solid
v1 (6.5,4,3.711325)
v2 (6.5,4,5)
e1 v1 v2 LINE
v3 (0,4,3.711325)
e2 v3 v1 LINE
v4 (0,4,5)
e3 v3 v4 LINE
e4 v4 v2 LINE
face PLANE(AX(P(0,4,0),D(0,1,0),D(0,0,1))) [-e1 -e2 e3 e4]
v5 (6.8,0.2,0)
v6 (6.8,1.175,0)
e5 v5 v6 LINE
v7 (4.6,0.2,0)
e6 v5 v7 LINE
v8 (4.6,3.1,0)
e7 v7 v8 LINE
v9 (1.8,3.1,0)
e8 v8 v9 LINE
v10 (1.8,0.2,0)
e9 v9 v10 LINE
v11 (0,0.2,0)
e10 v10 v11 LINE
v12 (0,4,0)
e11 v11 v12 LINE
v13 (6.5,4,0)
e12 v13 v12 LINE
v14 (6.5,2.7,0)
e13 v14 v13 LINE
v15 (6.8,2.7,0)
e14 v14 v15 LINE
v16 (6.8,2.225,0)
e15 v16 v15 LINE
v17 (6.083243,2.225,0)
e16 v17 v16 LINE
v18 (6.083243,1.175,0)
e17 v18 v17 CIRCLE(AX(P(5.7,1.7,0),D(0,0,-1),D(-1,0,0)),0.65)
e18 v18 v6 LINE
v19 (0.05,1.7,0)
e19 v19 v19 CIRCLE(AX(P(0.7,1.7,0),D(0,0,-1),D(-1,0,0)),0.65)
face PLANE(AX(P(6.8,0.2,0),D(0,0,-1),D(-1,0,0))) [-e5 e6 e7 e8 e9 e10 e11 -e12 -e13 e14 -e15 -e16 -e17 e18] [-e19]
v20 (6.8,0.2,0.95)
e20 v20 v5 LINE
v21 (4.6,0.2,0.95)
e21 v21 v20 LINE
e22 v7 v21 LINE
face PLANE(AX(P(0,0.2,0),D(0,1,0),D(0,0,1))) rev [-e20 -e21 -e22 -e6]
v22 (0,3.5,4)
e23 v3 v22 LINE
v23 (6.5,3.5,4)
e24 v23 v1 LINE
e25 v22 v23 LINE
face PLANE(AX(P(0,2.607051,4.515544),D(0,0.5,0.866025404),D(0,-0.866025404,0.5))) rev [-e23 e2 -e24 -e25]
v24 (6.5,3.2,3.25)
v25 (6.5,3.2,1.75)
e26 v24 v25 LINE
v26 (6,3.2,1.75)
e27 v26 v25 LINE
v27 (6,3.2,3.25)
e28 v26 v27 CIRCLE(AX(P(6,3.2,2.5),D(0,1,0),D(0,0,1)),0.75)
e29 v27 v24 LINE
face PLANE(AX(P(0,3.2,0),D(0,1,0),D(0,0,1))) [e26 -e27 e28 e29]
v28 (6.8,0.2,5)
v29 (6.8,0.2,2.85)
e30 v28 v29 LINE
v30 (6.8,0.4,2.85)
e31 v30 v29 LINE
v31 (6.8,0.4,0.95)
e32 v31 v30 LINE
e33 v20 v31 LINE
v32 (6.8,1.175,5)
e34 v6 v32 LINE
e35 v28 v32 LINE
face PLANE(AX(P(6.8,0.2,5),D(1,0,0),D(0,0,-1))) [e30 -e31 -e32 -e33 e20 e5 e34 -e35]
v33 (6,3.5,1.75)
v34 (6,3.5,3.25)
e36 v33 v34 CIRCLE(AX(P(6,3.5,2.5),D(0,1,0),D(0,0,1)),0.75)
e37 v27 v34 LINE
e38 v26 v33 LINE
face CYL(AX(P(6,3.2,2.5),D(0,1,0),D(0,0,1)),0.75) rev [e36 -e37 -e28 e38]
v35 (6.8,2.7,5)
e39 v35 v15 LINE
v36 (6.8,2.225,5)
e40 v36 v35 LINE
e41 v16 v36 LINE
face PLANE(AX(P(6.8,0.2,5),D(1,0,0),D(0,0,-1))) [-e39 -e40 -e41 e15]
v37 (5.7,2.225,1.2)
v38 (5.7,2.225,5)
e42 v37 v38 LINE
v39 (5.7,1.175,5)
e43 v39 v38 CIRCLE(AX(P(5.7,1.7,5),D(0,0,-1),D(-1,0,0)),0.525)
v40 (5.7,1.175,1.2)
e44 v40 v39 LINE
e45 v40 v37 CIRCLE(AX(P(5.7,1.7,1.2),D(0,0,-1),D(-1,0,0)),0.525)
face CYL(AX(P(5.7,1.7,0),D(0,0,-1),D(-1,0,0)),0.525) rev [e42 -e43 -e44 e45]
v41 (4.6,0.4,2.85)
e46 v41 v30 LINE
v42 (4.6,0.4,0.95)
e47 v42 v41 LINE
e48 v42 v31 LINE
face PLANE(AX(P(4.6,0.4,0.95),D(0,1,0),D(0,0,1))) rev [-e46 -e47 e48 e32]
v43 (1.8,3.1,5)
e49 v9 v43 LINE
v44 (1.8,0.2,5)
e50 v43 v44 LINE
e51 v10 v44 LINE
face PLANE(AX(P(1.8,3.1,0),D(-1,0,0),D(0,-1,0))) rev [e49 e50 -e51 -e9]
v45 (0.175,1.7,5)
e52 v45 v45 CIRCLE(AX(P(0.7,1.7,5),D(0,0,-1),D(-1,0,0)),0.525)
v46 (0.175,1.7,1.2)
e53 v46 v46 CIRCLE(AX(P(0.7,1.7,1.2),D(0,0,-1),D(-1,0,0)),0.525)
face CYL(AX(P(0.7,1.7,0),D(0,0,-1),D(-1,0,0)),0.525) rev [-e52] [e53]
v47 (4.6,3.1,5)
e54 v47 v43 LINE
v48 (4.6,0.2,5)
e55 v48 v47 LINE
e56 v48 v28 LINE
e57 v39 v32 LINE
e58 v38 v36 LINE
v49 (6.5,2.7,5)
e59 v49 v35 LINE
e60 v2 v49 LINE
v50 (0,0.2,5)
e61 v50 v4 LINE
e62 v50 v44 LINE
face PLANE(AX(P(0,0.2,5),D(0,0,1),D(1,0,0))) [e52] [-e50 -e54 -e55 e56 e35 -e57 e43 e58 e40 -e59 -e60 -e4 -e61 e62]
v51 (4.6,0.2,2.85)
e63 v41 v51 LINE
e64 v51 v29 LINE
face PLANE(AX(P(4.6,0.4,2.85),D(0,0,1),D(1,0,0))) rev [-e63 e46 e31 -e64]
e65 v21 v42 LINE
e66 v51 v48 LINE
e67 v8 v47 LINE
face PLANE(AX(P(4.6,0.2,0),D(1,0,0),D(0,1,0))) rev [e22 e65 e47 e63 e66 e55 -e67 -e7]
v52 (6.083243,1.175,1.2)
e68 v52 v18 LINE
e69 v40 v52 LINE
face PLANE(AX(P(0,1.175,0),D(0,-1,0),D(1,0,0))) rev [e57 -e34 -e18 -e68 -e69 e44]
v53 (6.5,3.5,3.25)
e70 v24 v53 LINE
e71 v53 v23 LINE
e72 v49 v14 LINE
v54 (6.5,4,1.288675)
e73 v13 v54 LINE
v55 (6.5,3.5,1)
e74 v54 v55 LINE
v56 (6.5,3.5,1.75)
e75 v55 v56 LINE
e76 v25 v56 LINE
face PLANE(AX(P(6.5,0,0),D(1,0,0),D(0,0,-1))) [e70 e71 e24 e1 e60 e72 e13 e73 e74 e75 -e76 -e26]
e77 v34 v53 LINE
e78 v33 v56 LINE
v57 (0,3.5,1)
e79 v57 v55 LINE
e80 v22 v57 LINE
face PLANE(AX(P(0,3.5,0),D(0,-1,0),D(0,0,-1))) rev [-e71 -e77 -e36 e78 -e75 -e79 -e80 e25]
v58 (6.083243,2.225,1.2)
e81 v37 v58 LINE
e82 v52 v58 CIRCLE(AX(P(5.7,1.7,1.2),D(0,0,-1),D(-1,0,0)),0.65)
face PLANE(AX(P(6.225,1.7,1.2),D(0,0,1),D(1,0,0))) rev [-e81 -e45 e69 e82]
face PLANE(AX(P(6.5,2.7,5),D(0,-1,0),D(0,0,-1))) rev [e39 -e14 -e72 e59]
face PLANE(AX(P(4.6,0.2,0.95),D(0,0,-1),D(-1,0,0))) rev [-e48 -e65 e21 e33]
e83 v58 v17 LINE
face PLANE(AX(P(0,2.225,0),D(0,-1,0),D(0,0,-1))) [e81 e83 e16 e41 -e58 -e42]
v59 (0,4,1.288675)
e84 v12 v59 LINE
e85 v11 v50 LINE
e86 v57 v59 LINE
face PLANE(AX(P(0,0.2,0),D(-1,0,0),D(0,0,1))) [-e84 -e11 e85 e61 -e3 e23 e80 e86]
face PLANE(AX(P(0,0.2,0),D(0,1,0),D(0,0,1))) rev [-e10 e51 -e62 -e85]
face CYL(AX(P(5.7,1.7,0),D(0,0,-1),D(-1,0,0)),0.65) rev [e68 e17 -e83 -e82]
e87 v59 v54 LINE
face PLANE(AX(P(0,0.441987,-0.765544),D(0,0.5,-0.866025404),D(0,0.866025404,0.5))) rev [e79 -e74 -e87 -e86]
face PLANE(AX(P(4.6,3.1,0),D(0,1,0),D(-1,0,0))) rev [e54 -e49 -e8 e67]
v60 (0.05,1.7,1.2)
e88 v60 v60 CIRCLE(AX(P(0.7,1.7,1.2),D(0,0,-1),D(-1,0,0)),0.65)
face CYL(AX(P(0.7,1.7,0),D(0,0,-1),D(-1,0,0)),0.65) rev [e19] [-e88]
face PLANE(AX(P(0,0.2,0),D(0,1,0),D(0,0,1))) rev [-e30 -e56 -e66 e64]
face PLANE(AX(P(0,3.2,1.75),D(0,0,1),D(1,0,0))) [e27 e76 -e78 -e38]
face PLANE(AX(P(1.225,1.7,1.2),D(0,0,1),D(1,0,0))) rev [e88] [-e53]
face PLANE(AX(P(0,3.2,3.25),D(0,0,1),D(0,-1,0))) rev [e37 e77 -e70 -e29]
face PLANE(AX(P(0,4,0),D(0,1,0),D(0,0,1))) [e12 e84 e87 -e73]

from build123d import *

# Parameters (mm, degrees)
SKETCH1_W           = 6.8
SKETCH1_H           = 5
BOSS_EXTRUDE1_DEPTH = 3.8
SKETCH3_W           = 2.8
SKETCH3_H           = 2.9
CUT_EXTRUDE2_DEPTH  = 10.340235543
SKETCH4_W           = 1.9
SKETCH4_H           = 0.2
CUT_EXTRUDE3_DEPTH  = 2.2
HOLE1_D             = 1.05
HOLE1_CBORE_D       = 1.3
HOLE1_CBORE_DEPTH   = 1.2
CUT_EXTRUDE8_DEPTH  = 10.340235543
CUT_EXTRUDE9_DEPTH  = 10.340235543
CUT_EXTRUDE10_DEPTH = 0.3
SKETCH20_W          = 5
SKETCH20_H          = 1.3
CUT_EXTRUDE11_DEPTH = 0.3


with BuildPart() as part:
    # Sketch1 → Boss-Extrude1 (new body)
    with BuildSketch(Plane(origin=(0, 4, 0), x_dir=(-1, 0, 0), z_dir=(0, 1, 0))):
        with Locations((-3.4, 2.5)):
            Rectangle(SKETCH1_W, SKETCH1_H)
    extrude(amount=-BOSS_EXTRUDE1_DEPTH)

    # Sketch3 → Cut-Extrude2 (cut, through all)
    with BuildSketch(Plane.XY.offset(5)):
        with Locations((3.2, 1.65)):
            Rectangle(SKETCH3_W, SKETCH3_H)
    extrude(amount=-CUT_EXTRUDE2_DEPTH, mode=Mode.SUBTRACT)

    # Sketch4 → Cut-Extrude3 (cut)
    with BuildSketch(Plane(origin=(6.8, 0, 0), x_dir=(0, 0, -1), z_dir=(1, 0, 0))):
        with Locations((-1.9, 0.3)):
            Rectangle(SKETCH4_W, SKETCH4_H)
    extrude(amount=-CUT_EXTRUDE3_DEPTH, mode=Mode.SUBTRACT)

    # Hole1 (through all)
    with Locations(Plane(origin=(0, 0, 0), x_dir=(-1, 0, 0), z_dir=(0, 0, -1))):
        with Locations((-5.7, 1.7), (-0.7, 1.7)):
            CounterBoreHole(HOLE1_D / 2, HOLE1_CBORE_D / 2, HOLE1_CBORE_DEPTH)

    # Sketch17 → Cut-Extrude8 (cut, through all)
    with BuildSketch(Plane.XY.offset(5)):
        with BuildLine():
            Line((6.8, 2.225), (5.7, 2.225))
            ThreePointArc((5.7, 2.225), (6.07123106, 2.07123106), (6.225, 1.7))
            ThreePointArc((6.225, 1.7), (6.07123106, 1.32876894), (5.7, 1.175))
            Line((5.7, 1.175), (6.8, 1.175))
            Line((6.8, 1.175), (6.8, 2.225))
        make_face()
        with BuildLine():
            ThreePointArc((6.225, 1.7), (6.07123106, 2.07123106), (5.7, 2.225))
            Line((5.7, 2.225), (5.7, 1.175))
            ThreePointArc((5.7, 1.175), (6.07123106, 1.32876894), (6.225, 1.7))
        make_face()
        with BuildLine():
            Line((5.7, 1.175), (5.7, 2.225))
            ThreePointArc((5.7, 2.225), (5.175, 1.7), (5.7, 1.175))
        make_face()
    extrude(amount=-CUT_EXTRUDE8_DEPTH, mode=Mode.SUBTRACT)

    # Sketch18 → Cut-Extrude9 (cut, through all)
    with BuildSketch(Plane(origin=(6.8, 0, 0), x_dir=(0, 0, -1), z_dir=(1, 0, 0))):
        Polygon((-1.288675135, 4), (-3.711324865, 4), (-4, 3.5), (-1, 3.5), align=None)
    extrude(amount=-CUT_EXTRUDE9_DEPTH, mode=Mode.SUBTRACT)

    # Sketch19 → Cut-Extrude10 (cut)
    with BuildSketch(Plane(origin=(0, 3.5, 0), x_dir=(1, 0, 0), z_dir=(0, 1, 0))):
        with BuildLine():
            Line((6.8, -1.75), (6, -1.75))
            ThreePointArc((6, -1.75), (6.530330086, -1.969669914), (6.75, -2.5))
            ThreePointArc((6.75, -2.5), (6.530330086, -3.030330086), (6, -3.25))
            Line((6, -3.25), (6.8, -3.25))
            Line((6.8, -3.25), (6.8, -1.75))
        make_face()
        with BuildLine():
            ThreePointArc((6.75, -2.5), (6.530330086, -1.969669914), (6, -1.75))
            Line((6, -1.75), (6, -3.25))
            ThreePointArc((6, -3.25), (6.530330086, -3.030330086), (6.75, -2.5))
        make_face()
        with BuildLine():
            Line((6, -3.25), (6, -1.75))
            ThreePointArc((6, -1.75), (5.25, -2.5), (6, -3.25))
        make_face()
    extrude(amount=-CUT_EXTRUDE10_DEPTH, mode=Mode.SUBTRACT)

    # Sketch20 → Cut-Extrude11 (cut)
    with BuildSketch(Plane(origin=(6.8, 0, 0), x_dir=(0, 0, -1), z_dir=(1, 0, 0))):
        with Locations((-2.5, 3.35)):
            Rectangle(SKETCH20_W, SKETCH20_H)
    extrude(amount=-CUT_EXTRUDE11_DEPTH, mode=Mode.SUBTRACT)


solid = part.part
